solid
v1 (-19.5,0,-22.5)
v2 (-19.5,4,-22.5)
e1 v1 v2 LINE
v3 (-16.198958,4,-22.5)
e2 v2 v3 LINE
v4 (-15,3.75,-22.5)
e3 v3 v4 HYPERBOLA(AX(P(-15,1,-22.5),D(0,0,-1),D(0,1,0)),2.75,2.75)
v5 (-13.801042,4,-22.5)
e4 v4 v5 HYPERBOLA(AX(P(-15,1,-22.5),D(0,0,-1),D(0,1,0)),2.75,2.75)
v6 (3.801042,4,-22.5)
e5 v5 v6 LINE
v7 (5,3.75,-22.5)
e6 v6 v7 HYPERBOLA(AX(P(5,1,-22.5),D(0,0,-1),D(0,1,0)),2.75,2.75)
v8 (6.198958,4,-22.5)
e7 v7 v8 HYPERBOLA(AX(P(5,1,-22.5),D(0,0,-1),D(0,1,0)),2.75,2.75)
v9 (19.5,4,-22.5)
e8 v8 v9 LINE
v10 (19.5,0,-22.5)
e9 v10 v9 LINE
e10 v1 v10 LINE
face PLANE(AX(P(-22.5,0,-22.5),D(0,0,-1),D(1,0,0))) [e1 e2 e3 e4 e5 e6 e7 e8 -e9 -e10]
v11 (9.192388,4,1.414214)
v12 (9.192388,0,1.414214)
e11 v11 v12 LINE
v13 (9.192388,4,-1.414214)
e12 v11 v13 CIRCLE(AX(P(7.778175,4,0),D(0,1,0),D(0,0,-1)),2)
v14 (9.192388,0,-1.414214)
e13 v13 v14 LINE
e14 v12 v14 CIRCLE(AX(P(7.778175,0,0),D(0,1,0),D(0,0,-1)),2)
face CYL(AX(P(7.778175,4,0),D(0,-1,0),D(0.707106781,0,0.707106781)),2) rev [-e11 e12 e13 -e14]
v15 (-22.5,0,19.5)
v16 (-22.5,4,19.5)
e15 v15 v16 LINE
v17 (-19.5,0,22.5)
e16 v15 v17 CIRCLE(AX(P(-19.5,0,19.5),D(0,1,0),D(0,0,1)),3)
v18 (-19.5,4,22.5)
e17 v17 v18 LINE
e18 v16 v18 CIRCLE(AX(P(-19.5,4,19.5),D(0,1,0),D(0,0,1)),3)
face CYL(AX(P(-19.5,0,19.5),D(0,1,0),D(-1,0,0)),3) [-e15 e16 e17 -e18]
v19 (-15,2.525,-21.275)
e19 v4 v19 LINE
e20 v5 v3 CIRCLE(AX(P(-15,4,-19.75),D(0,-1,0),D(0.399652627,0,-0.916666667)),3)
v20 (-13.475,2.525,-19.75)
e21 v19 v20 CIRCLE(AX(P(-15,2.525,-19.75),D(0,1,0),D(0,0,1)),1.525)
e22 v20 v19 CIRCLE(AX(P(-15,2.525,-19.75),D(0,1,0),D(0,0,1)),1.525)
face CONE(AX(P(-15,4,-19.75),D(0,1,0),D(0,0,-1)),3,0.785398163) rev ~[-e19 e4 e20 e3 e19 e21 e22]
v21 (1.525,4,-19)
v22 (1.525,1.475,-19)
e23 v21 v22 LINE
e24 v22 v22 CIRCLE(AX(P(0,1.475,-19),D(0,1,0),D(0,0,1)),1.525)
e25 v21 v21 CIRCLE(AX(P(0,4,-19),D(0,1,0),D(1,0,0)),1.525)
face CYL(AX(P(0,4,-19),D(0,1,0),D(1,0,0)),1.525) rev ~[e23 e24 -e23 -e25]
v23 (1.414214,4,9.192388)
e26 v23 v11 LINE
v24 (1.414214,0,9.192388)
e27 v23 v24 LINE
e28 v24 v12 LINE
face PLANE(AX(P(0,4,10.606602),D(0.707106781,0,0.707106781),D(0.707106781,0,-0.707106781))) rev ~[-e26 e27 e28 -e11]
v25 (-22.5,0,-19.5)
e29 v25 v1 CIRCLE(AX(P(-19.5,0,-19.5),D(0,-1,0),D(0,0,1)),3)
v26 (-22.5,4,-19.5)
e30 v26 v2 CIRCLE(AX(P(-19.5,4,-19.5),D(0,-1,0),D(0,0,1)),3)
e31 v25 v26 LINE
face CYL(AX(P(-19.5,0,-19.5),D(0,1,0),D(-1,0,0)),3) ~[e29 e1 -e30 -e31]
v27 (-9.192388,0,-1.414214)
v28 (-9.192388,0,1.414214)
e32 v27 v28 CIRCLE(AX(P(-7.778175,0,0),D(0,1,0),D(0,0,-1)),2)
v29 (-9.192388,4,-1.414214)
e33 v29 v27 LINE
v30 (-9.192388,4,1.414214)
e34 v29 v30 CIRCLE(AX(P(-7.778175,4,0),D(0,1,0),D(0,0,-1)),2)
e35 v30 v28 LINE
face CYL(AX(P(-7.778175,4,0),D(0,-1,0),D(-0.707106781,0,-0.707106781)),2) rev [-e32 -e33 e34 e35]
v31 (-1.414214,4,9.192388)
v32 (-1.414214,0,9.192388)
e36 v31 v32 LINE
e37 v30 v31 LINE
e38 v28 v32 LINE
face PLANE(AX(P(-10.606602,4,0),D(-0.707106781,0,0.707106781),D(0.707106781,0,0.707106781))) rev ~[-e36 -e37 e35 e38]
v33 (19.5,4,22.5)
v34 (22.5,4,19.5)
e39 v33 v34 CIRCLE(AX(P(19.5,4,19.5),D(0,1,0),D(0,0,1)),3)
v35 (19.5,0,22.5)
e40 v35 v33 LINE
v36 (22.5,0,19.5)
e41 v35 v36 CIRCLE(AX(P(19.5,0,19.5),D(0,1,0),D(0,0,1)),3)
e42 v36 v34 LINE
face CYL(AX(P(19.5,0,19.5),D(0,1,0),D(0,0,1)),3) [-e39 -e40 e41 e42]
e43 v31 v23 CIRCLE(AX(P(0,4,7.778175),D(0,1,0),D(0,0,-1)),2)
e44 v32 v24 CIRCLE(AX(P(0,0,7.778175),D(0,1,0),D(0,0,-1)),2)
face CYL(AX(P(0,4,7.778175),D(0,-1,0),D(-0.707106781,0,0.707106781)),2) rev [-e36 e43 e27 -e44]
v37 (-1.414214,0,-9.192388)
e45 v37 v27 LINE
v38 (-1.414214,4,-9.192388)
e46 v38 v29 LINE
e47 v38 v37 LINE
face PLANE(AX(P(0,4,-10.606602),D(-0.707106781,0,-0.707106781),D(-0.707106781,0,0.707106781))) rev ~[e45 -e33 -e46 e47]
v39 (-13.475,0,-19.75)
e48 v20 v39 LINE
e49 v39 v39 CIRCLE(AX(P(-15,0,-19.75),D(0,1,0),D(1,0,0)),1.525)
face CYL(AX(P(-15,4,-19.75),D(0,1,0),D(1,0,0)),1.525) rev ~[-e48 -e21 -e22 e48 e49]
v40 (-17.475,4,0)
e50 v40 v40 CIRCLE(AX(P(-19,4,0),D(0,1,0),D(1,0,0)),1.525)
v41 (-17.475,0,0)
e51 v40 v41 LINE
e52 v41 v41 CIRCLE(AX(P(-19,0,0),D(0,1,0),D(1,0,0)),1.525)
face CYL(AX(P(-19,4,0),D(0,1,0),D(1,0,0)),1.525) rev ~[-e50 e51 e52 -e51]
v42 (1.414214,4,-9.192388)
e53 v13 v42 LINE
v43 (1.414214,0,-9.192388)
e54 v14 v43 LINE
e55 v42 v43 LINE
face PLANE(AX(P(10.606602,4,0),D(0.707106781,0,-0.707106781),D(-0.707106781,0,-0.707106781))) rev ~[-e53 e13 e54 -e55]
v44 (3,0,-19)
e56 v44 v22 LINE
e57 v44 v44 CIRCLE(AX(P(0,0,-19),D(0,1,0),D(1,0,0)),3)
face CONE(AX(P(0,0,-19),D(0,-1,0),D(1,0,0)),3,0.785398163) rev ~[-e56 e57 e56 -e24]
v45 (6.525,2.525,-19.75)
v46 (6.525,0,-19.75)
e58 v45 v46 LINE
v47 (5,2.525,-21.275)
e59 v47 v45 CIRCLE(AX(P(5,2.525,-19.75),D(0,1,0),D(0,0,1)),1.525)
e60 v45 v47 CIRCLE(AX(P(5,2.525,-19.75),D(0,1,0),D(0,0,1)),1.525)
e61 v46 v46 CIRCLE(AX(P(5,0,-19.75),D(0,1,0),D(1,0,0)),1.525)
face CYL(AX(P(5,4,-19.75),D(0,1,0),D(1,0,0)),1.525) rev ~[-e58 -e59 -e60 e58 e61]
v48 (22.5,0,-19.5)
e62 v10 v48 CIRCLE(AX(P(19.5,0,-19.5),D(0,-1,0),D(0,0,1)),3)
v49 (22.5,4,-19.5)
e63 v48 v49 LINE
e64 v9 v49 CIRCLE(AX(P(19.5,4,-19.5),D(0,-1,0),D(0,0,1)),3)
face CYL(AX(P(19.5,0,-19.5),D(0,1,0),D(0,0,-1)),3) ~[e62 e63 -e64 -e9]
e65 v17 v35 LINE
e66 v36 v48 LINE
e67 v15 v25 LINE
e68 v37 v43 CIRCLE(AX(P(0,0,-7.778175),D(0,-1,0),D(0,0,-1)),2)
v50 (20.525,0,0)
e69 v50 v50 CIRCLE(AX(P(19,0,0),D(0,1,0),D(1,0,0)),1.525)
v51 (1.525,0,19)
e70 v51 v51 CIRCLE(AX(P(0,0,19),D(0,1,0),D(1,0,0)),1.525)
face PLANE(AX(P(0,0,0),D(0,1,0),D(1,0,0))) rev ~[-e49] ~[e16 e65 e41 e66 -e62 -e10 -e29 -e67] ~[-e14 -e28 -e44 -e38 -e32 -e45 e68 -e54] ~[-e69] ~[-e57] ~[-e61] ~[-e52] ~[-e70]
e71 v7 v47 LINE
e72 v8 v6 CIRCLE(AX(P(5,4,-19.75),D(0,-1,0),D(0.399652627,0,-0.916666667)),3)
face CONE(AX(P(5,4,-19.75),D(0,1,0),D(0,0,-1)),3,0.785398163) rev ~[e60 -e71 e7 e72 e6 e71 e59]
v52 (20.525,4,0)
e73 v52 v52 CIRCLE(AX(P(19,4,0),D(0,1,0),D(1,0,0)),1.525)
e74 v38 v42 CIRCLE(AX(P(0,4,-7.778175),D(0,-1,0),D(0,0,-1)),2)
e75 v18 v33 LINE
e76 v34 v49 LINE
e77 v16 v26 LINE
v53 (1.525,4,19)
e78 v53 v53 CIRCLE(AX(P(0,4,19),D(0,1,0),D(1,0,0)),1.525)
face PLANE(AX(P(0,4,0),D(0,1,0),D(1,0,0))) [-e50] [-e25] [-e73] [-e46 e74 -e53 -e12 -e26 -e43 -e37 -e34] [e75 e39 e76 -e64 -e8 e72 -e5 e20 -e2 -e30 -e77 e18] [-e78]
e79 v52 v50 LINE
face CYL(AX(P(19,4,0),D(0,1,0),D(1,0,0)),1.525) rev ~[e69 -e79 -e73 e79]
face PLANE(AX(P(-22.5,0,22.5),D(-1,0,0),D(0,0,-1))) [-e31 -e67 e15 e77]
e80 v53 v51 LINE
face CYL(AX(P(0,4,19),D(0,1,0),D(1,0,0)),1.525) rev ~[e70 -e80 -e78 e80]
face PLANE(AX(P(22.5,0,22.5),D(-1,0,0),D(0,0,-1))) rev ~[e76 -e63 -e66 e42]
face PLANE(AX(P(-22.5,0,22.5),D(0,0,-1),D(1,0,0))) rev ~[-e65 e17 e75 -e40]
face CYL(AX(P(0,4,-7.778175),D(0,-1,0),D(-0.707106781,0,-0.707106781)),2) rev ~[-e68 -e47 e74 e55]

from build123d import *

# Parameters (mm, degrees)
SKETCH_1_W                = 45
SKETCH_1_H                = 45
EXTRUDE_1_DEPTH           = 4
SKETCH_2_R                = 1.525
CUT_EXTRUDE_1_DEPTH       = 4
FILLET_1_R                = 3
HOLE_WIZARD_1_D           = 3
HOLE_WIZARD_1_CSINK_D     = 6
HOLE_WIZARD_1_CSINK_ANGLE = 90
SKETCH_5_R                = 1.525
CUT_EXTRUDE_2_DEPTH       = 10
HOLE_WIZARD_2_D           = 3
HOLE_WIZARD_2_CSINK_D     = 6
HOLE_WIZARD_2_CSINK_ANGLE = 90
CUT_EXTRUDE_3_DEPTH       = 1
CUT_EXTRUDE_3_DEPTH_BACK  = 5
FILLET_2_R                = 2
SKETCH_3_R                = 1.525
CUT_EXTRUDE_4_DEPTH       = 1
CUT_EXTRUDE_4_DEPTH_BACK  = 5


with BuildPart() as part:
    # 草图1 → 凸台-拉伸1 (new body)
    with BuildSketch(Plane(origin=(0, 0, 0), x_dir=(1, 0, 0), z_dir=(0, 1, 0))):
        Rectangle(SKETCH_1_W, SKETCH_1_H)
    extrude(amount=EXTRUDE_1_DEPTH)

    # 草图2 → 切除-拉伸1 (cut)
    with BuildSketch(Plane(origin=(0, 4, 0), x_dir=(1, 0, 0), z_dir=(0, 1, 0))):
        with Locations((-19, 0)):
            Circle(SKETCH_2_R)
        with Locations((19, 0)):
            Circle(SKETCH_2_R)
    extrude(amount=-CUT_EXTRUDE_1_DEPTH, mode=Mode.SUBTRACT)

    # 圆角1
    fillet_1_edges = [part.edges().sort_by_distance(p)[0] for p in [
        (22.5, 2, 22.5),
        (-22.5, 2, 22.5),
        (-22.5, 2, -22.5),
        (22.5, 2, -22.5),
    ]]
    fillet(fillet_1_edges, radius=FILLET_1_R)

    # 孔1 (through all)
    with Locations(Plane(origin=(-15, 4, -19.75), x_dir=(0, 0, 1), z_dir=(0, 1, 0))):
        with Locations((0, 0), (0, 20)):
            CounterSinkHole(HOLE_WIZARD_1_D / 2, HOLE_WIZARD_1_CSINK_D / 2, counter_sink_angle=HOLE_WIZARD_1_CSINK_ANGLE)

    # 草图5 → 切除-拉伸2 (cut)
    with BuildSketch(Plane(origin=(0, 4, 0), x_dir=(1, 0, 0), z_dir=(0, 1, 0))):
        with Locations((0, 19)):
            Circle(SKETCH_5_R)
        with Locations((0, -19)):
            Circle(SKETCH_5_R)
    extrude(amount=-CUT_EXTRUDE_2_DEPTH, mode=Mode.SUBTRACT)

    # 孔2 (through all)
    with Locations(Plane(origin=(0, 0, 0), x_dir=(-1, 0, 0), z_dir=(0, -1, 0))):
        with Locations((0, 19)):
            CounterSinkHole(HOLE_WIZARD_2_D / 2, HOLE_WIZARD_2_CSINK_D / 2, counter_sink_angle=HOLE_WIZARD_2_CSINK_ANGLE)

    # 草图8 → 切除-拉伸3 (cut, two sides)
    with BuildSketch(Plane(origin=(0, 4, 0), x_dir=(1, 0, 0), z_dir=(0, 1, 0))) as cut_extrude_3_sk:
        Polygon((0, 10.606601718), (-10.606601718, 0), (0, -10.606601718), (10.606601718, 0), align=None)
    extrude(amount=CUT_EXTRUDE_3_DEPTH, mode=Mode.SUBTRACT)
    extrude(cut_extrude_3_sk.sketch, amount=-CUT_EXTRUDE_3_DEPTH_BACK, mode=Mode.SUBTRACT)

    # 圆角2
    fillet_2_edges = [part.edges().sort_by_distance(p)[0] for p in [
        (0, 2, -10.606601718),
        (10.606601718, 2, 0),
        (0, 2, 10.606601718),
        (-10.606601718, 2, 0),
    ]]
    fillet(fillet_2_edges, radius=FILLET_2_R)

    # 草图3 → 切除-拉伸4 (cut, two sides)
    with BuildSketch(Plane(origin=(0, 4, 0), x_dir=(1, 0, 0), z_dir=(0, 1, 0))) as cut_extrude_4_sk:
        with Locations((5, 19.75)):
            Circle(SKETCH_3_R)
        with Locations((-15, 19.75)):
            Circle(SKETCH_3_R)
    extrude(amount=CUT_EXTRUDE_4_DEPTH, mode=Mode.SUBTRACT)
    extrude(cut_extrude_4_sk.sketch, amount=-CUT_EXTRUDE_4_DEPTH_BACK, mode=Mode.SUBTRACT)


solid = part.part
